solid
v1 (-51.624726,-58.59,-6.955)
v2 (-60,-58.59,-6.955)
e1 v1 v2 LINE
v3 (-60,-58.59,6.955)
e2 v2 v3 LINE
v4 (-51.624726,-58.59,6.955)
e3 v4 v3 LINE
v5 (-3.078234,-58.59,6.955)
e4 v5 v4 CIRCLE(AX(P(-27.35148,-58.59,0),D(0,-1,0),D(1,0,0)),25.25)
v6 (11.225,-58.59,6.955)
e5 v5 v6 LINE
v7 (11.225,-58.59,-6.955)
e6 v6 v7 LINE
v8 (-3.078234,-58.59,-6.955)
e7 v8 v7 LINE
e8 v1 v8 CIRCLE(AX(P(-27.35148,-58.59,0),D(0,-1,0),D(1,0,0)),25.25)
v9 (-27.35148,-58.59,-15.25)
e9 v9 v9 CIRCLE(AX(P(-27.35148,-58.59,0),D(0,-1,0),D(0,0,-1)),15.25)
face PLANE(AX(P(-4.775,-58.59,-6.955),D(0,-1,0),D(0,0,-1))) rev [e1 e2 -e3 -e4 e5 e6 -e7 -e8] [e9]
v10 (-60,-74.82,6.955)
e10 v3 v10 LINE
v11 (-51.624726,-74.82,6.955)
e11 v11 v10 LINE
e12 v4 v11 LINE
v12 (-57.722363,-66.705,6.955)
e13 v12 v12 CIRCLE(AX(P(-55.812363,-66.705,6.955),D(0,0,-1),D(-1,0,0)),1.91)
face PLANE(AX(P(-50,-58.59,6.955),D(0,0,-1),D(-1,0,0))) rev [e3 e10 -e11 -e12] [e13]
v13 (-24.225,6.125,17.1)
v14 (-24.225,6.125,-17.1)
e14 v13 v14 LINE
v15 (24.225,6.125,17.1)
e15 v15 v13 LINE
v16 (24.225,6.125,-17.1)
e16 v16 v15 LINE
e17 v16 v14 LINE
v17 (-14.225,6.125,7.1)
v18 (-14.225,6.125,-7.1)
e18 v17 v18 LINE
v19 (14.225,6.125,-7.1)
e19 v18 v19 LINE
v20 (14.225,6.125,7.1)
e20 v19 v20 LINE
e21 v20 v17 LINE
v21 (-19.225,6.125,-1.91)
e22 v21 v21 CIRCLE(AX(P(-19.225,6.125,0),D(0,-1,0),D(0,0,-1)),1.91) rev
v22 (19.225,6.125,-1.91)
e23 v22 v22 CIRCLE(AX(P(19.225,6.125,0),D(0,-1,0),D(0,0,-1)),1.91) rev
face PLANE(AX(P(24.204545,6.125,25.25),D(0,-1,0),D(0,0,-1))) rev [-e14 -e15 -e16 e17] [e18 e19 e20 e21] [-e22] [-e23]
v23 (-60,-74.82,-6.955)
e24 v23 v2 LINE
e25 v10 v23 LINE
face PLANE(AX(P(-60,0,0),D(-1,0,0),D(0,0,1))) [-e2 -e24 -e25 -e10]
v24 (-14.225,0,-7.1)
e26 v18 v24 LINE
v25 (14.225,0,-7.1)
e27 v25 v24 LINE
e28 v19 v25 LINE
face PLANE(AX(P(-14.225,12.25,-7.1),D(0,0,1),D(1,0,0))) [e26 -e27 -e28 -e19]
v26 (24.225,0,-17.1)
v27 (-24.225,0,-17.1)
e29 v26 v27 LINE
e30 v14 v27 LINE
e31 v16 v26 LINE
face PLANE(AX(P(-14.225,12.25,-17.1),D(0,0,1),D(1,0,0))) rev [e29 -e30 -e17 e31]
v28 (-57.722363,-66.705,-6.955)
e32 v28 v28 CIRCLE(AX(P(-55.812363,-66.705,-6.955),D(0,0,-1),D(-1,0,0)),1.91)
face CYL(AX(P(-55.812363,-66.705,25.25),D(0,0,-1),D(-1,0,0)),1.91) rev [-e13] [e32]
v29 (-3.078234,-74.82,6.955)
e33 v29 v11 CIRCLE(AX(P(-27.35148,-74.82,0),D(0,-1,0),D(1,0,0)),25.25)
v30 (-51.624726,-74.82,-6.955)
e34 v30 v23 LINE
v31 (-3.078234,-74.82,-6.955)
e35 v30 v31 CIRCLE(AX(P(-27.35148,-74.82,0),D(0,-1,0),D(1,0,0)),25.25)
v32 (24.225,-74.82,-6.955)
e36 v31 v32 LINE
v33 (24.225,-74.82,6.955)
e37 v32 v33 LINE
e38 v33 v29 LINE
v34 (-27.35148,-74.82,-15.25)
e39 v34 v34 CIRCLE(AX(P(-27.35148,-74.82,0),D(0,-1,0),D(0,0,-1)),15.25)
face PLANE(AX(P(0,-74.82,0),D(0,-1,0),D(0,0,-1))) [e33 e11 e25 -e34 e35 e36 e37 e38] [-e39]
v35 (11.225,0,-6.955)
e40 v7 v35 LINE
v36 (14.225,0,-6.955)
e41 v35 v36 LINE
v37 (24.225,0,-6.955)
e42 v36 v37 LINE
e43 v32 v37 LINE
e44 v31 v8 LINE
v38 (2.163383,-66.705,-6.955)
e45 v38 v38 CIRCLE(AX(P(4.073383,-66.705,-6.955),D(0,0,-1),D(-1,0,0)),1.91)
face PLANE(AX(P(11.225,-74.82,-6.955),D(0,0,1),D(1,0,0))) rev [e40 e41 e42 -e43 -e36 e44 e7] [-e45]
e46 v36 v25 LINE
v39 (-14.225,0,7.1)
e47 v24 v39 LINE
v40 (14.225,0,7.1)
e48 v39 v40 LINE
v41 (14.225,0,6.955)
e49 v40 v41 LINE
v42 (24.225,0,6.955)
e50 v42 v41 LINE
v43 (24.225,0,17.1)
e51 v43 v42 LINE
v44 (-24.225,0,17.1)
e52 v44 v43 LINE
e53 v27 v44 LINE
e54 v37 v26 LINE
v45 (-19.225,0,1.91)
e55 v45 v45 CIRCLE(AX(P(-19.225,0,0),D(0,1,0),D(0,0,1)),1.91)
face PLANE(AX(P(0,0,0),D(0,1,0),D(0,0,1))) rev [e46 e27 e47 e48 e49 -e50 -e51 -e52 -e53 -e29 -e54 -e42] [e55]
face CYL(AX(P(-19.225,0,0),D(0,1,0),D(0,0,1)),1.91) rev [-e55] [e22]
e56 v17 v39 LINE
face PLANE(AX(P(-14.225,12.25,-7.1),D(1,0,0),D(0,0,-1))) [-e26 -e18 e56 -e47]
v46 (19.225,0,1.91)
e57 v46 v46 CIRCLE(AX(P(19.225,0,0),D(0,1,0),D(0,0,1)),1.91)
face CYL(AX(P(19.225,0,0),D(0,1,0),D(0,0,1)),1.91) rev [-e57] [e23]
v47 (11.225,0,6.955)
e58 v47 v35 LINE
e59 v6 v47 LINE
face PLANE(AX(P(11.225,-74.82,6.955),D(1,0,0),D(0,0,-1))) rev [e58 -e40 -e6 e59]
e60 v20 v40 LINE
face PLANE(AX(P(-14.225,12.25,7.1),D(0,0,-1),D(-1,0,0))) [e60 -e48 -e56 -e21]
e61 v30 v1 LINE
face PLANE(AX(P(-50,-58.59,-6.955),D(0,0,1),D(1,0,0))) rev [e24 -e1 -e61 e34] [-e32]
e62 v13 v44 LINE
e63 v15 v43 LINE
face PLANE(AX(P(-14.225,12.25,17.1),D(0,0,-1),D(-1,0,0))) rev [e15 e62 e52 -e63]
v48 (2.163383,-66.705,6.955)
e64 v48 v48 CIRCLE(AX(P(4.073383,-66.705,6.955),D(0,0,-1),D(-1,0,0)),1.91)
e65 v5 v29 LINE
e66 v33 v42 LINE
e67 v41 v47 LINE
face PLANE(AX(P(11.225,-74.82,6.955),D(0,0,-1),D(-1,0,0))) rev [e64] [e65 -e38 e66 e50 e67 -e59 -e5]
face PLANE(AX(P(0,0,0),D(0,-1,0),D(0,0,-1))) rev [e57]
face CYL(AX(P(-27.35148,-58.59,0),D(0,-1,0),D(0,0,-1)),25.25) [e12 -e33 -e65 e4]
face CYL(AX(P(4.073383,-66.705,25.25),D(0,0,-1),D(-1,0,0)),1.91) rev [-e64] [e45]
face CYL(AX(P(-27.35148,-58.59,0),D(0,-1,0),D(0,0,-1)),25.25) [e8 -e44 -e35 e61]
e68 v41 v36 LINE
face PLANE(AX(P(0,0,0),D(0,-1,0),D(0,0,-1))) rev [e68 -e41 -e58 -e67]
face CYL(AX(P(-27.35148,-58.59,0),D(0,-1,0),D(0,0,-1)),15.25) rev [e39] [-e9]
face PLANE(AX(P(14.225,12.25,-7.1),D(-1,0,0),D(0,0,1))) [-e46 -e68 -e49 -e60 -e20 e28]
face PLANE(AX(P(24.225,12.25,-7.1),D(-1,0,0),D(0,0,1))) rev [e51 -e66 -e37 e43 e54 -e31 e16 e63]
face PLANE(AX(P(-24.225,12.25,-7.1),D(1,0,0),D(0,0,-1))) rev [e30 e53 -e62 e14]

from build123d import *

# Parameters (mm, degrees)
SKETCH_1_W          = 48.45
SKETCH_1_H          = 34.2
SKETCH_1_W_2        = 28.45
SKETCH_1_H_2        = 14.2
EXTRUDE_1_DEPTH     = 12.25
SKETCH_2_R          = 1.91
CUT_EXTRUDE_1_DEPTH = 33.083066016
SKETCH_4_W          = 13
SKETCH_4_H          = 13.91
EXTRUDE_1_2_DEPTH   = 74.82
SKETCH_5_W          = 13.91
SKETCH_5_H          = 16.23
EXTRUDE_2_DEPTH     = 16
SKETCH_7_R          = 25.25
SKETCH_7_R_2        = 15.25
EXTRUDE_2_2_DEPTH   = 16.23
SKETCH_15_R         = 1.91
CUT_EXTRUDE_6_DEPTH = 97.964478439
SKETCH_16_W         = 13.91
SKETCH_16_H         = 16.23
EXTRUDE_4_DEPTH     = 10
SKETCH_17_R         = 1.91
CUT_EXTRUDE_7_DEPTH = 102.16913771
SKETCH_18_W         = 48.429544624
SKETCH_18_H         = 6.125
CUT_EXTRUDE_8_DEPTH = 105.840616652
SKETCH_19_W         = 34.2
SKETCH_19_H         = 6.125
CUT_EXTRUDE_9_DEPTH = 10


with BuildPart() as part:
    # 草圖1 → Extrude 1 (new body)
    with BuildSketch(Plane(origin=(0, 0, 0), x_dir=(1, 0, 0), z_dir=(0, 1, 0))):
        Rectangle(SKETCH_1_W, SKETCH_1_H)
        Rectangle(SKETCH_1_W_2, SKETCH_1_H_2, mode=Mode.SUBTRACT)
    extrude(amount=EXTRUDE_1_DEPTH)

    # 草圖2 → 除料-伸長1 (cut, through all)
    with BuildSketch(Plane(origin=(0, 12.25, 0), x_dir=(1, 0, 0), z_dir=(0, 1, 0))):
        with Locations(Location((-19.225, 0, 0), (0, 0, 270))):
            Circle(SKETCH_2_R)
        with Locations(Location((19.225, 0, 0), (0, 0, 270))):
            Circle(SKETCH_2_R)
    extrude(amount=-CUT_EXTRUDE_1_DEPTH, mode=Mode.SUBTRACT)

    # 草圖4 → Extrude 1 2 (add)
    with BuildSketch(Plane.XZ):
        with Locations((17.725, 0)):
            Rectangle(SKETCH_4_W, SKETCH_4_H)
    extrude(amount=EXTRUDE_1_2_DEPTH)

    # 草圖5 → Extrude 2 (add)
    with BuildSketch(Plane.ZY.offset(-11.225)):
        with Locations((0, -66.705)):
            Rectangle(SKETCH_5_W, SKETCH_5_H)
    extrude(amount=EXTRUDE_2_DEPTH)

    # 草圖7 → Extrude 2 2 (add)
    with BuildSketch(Plane(origin=(3.626674765, -74.82, 0), x_dir=(1, 0, 0), z_dir=(0, -1, 0))):
        with Locations((-30.978154344, 0)):
            Circle(SKETCH_7_R)
        with Locations((-30.978154344, 0)):
            Circle(SKETCH_7_R_2, mode=Mode.SUBTRACT)
    extrude(amount=-EXTRUDE_2_2_DEPTH)

    # 草圖15 → 除料-伸長6 (cut, through all)
    with BuildSketch(Plane(origin=(0, 0, -6.955), x_dir=(-1, 0, 0), z_dir=(0, 0, -1))):
        with Locations((-4.073383248, -66.705)):
            Circle(SKETCH_15_R)
    extrude(amount=-CUT_EXTRUDE_6_DEPTH, mode=Mode.SUBTRACT)

    # 草圖16 → 填料-伸長4 (add)
    with BuildSketch(Plane(origin=(-60, 0, 0), x_dir=(0, 0, -1), z_dir=(1, 0, 0))):
        with Locations((0, -66.705)):
            Rectangle(SKETCH_16_W, SKETCH_16_H)
    extrude(amount=EXTRUDE_4_DEPTH)

    # 草圖17 → 除料-伸長7 (cut, through all)
    with BuildSketch(Plane(origin=(0, 0, -6.955), x_dir=(-1, 0, 0), z_dir=(0, 0, -1))):
        with Locations((55.812362827, -66.705)):
            Circle(SKETCH_17_R)
    extrude(amount=-CUT_EXTRUDE_7_DEPTH, mode=Mode.SUBTRACT)

    # 草圖18 → 除料-伸長8 (cut, through all)
    with BuildSketch(Plane(origin=(0, 0, -17.1), x_dir=(-1, 0, 0), z_dir=(0, 0, -1))):
        with Locations((0.010227688, 9.1875)):
            Rectangle(SKETCH_18_W, SKETCH_18_H)
    extrude(amount=-CUT_EXTRUDE_8_DEPTH, mode=Mode.SUBTRACT)

    # 草圖19 → 除料-伸長9 (cut)
    with BuildSketch(Plane.ZY.offset(-24.204544624)):
        with Locations((0, 9.1875)):
            Rectangle(SKETCH_19_W, SKETCH_19_H)
    extrude(amount=-CUT_EXTRUDE_9_DEPTH, mode=Mode.SUBTRACT)


solid = part.part
